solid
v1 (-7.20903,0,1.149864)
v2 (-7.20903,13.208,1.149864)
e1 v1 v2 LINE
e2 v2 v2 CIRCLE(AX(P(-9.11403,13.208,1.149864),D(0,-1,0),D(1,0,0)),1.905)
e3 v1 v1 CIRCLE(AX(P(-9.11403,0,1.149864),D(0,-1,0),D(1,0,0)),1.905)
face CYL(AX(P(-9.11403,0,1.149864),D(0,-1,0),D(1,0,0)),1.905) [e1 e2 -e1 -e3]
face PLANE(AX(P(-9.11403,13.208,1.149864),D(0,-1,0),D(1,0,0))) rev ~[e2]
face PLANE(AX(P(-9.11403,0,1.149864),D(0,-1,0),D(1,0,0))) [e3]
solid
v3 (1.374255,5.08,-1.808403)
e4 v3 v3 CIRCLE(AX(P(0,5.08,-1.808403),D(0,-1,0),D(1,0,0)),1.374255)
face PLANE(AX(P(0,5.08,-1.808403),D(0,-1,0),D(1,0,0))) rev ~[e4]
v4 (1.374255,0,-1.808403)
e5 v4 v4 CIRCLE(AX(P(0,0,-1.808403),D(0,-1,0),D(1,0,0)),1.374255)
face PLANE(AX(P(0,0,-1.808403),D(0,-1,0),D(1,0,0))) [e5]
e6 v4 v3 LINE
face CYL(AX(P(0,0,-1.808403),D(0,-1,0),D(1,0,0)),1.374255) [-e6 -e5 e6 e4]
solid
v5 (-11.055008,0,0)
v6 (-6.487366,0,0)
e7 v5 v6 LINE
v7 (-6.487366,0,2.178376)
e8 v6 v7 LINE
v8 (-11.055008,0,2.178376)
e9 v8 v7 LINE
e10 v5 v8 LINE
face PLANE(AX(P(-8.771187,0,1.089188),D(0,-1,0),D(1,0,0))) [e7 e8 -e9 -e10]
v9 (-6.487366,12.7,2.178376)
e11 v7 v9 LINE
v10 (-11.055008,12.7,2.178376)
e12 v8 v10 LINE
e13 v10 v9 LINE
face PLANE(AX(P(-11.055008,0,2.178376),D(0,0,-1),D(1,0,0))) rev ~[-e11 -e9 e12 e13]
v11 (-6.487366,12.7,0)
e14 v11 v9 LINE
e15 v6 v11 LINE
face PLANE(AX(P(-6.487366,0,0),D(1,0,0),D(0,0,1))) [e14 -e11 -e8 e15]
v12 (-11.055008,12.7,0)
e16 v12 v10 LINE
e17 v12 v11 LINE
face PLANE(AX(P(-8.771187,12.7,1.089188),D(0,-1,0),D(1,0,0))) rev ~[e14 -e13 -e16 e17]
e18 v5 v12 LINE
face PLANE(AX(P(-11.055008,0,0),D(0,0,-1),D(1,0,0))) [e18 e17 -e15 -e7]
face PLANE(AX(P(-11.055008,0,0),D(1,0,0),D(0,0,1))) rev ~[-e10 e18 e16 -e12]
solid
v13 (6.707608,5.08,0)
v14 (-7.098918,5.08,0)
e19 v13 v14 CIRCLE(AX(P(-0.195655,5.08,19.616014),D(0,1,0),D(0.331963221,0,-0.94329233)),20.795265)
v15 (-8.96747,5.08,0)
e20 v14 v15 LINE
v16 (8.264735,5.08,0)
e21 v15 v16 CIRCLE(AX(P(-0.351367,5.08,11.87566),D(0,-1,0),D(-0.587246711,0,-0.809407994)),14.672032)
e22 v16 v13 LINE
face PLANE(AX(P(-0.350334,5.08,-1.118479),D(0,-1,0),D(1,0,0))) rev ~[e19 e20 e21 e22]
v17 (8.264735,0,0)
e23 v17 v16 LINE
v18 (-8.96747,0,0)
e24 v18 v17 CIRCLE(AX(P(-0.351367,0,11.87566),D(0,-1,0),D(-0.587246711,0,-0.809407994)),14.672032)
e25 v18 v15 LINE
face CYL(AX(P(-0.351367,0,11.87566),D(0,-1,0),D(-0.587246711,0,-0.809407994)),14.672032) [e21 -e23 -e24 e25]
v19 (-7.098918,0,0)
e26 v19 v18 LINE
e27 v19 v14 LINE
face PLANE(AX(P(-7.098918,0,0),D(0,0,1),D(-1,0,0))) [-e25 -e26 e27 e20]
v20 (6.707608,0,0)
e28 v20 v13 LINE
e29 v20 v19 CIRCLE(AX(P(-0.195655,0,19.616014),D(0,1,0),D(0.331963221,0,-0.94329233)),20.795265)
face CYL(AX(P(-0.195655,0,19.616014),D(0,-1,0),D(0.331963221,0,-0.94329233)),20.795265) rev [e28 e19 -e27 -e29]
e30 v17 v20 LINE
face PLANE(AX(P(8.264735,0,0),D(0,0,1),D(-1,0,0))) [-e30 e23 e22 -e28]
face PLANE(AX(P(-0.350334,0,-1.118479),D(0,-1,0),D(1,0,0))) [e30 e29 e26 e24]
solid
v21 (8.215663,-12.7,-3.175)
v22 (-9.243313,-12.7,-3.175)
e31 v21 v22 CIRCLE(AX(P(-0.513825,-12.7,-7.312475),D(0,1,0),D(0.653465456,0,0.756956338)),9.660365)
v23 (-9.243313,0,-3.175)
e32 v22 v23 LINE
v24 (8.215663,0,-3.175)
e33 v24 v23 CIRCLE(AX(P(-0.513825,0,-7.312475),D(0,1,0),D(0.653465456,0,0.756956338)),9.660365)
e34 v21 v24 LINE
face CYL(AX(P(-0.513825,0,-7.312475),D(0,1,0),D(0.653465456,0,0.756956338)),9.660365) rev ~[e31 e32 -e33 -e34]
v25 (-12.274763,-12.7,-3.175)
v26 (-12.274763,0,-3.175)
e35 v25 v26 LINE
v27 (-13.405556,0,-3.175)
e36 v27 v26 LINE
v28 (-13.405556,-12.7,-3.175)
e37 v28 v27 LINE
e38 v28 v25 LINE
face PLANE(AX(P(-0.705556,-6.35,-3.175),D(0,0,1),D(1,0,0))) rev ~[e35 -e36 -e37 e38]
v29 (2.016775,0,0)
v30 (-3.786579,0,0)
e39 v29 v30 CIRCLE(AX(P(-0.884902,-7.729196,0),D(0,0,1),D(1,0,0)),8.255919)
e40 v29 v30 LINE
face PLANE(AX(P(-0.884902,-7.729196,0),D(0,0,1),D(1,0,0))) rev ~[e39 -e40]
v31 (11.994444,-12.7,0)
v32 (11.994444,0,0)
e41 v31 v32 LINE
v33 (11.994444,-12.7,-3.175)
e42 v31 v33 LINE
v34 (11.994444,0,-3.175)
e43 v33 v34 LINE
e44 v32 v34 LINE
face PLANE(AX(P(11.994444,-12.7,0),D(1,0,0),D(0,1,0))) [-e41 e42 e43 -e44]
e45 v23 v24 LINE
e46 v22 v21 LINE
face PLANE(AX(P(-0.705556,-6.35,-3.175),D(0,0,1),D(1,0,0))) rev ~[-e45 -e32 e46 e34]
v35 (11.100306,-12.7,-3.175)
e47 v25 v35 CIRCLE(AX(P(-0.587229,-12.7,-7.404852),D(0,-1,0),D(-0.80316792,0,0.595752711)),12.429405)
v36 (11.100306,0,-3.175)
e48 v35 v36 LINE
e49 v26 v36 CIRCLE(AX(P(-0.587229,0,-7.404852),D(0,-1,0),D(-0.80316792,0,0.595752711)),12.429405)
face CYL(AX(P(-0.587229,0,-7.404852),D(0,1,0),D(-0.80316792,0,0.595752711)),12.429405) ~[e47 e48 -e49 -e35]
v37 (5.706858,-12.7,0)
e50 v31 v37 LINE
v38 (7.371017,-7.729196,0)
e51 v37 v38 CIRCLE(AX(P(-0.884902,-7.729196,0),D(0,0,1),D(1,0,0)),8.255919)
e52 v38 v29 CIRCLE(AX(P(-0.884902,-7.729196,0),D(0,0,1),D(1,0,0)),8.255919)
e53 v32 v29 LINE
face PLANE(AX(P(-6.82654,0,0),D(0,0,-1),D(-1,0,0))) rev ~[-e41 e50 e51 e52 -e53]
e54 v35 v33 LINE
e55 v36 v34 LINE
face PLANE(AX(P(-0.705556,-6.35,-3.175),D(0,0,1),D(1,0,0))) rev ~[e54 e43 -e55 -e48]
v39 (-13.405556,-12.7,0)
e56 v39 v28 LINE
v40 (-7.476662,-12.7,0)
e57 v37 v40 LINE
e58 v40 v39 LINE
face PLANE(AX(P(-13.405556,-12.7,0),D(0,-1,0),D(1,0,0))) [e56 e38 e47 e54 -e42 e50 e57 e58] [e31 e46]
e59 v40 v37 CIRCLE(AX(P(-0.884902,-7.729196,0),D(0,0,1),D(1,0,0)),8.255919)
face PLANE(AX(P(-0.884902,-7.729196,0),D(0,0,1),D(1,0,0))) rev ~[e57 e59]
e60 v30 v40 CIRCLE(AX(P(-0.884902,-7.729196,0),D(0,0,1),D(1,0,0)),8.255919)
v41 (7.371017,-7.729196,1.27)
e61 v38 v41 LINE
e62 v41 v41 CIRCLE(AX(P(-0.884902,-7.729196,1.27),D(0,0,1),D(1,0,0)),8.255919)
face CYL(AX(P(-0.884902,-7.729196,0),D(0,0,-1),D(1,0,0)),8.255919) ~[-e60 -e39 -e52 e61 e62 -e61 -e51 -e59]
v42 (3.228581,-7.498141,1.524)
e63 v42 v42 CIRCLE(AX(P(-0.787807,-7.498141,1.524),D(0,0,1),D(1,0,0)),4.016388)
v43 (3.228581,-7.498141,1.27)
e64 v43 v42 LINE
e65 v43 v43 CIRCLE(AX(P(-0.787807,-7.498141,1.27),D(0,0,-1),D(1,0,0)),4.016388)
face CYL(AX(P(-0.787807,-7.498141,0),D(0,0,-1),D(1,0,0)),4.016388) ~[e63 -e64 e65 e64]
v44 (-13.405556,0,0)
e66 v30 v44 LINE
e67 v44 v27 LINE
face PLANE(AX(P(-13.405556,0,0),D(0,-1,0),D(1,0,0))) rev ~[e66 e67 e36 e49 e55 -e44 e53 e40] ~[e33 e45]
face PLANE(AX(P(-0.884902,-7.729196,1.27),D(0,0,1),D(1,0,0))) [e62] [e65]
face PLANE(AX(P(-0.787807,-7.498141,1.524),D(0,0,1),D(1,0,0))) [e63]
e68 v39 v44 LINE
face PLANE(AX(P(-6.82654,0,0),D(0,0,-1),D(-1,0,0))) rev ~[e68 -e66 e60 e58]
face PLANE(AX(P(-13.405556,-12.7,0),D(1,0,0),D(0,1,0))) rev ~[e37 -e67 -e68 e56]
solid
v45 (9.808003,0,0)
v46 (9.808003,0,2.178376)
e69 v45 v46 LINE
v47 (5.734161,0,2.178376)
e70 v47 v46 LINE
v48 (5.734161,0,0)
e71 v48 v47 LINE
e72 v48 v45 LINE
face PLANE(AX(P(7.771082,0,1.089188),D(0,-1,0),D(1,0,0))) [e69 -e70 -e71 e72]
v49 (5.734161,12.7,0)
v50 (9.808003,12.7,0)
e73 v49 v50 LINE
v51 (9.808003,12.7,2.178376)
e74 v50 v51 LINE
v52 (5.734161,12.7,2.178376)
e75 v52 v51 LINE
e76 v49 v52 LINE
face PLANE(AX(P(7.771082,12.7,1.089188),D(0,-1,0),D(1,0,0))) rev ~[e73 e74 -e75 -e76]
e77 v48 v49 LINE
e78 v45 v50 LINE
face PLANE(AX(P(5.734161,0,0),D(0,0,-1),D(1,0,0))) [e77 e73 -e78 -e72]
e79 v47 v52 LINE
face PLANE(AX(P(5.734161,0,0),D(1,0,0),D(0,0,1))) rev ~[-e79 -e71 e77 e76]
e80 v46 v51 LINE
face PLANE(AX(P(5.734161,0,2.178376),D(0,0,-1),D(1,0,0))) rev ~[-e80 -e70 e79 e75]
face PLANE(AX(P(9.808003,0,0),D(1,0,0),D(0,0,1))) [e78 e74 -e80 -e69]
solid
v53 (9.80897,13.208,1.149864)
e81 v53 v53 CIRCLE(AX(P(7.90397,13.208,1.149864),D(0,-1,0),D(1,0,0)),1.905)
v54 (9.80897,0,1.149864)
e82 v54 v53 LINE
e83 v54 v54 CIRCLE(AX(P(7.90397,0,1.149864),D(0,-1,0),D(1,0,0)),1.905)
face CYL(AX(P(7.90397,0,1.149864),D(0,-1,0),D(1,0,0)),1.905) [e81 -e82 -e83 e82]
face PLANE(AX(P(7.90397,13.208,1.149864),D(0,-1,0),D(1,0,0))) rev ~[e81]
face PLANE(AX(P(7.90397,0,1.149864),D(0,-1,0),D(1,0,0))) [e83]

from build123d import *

# Parameters (mm, degrees)
F0_W      = 25.4
F0_H      = 12.7
F1_DEPTH  = 3.175
F3_DEPTH  = 12.7
F4_R      = 8.255919
F5_DEPTH  = 1.27
F6_R      = 4.016388
F7_DEPTH  = 1.524
F8_W      = 4.073842
F8_H      = 2.178376
F8_W_2    = 4.567642
F9_DEPTH  = 12.7
F11_DEPTH = 5.08
F12_R     = 1.905
F13_DEPTH = 13.208
F14_R     = 1.374255
F15_DEPTH = 5.08


with BuildPart() as f1:
    # F0 (on Top) → F1 (new body)
    with BuildSketch(Plane.XY):
        with Locations((-0.705556, -6.35)):
            Rectangle(F0_W, F0_H)
    extrude(amount=-F1_DEPTH)

    # F2 (on Front) → F3 (join)
    with BuildSketch(Plane.XZ):
        with BuildLine():
            Line((-6.82654, 0), (-10.570128, 0))
            ThreePointArc((-10.570128, 0), (-0.587228, -19.834257), (9.395671, 0))
            Line((9.395671, 0), (5.79889, 0))
            ThreePointArc((5.79889, 0), (-0.513825, -16.97284), (-6.82654, 0))
        make_face()
    extrude(amount=F3_DEPTH)

    # F4 (on Top) → F5 (join)
    with BuildSketch(Plane.XY):
        with Locations((-0.884902, -7.729196)):
            Circle(F4_R)
    extrude(amount=F5_DEPTH)

    # F6 (on Top) → F7 (join)
    with BuildSketch(Plane.XY):
        with Locations((-0.787807, -7.498141)):
            Circle(F6_R)
    extrude(amount=F7_DEPTH)


with BuildPart() as f9:
    # F8 (on Front) → F9 (new body)
    with BuildSketch(Plane.XZ):
        with Locations((7.771082, 1.089188)):
            Rectangle(F8_W, F8_H)
        with Locations((-8.771187, 1.089188)):
            Rectangle(F8_W_2, F8_H)
    extrude(amount=-F9_DEPTH)


with BuildPart() as f11:
    # F10 (on Front) → F11 (new body)
    with BuildSketch(Plane.XZ):
        with BuildLine():
            Line((-7.098918, 0), (-8.96747, 0))
            ThreePointArc((-8.96747, 0), (-0.351368, -2.796372), (8.264735, 0))
            Line((8.264735, 0), (6.707608, 0))
            ThreePointArc((6.707608, 0), (-0.195655, -1.179251), (-7.098918, 0))
        make_face()
    extrude(amount=-F11_DEPTH)


with BuildPart() as f13:
    # F12 (on Front) → F13 (new body)
    with BuildSketch(Plane.XZ):
        with Locations((-9.11403, 1.149864)):
            Circle(F12_R)
        with Locations((7.90397, 1.149864)):
            Circle(F12_R)
    extrude(amount=-F13_DEPTH)


with BuildPart() as f15:
    # F14 (on Front) → F15 (new body)
    with BuildSketch(Plane.XZ):
        with Locations((0, -1.808403)):
            Circle(F14_R)
    extrude(amount=-F15_DEPTH)


solid = Compound([f1.part, f9.part, f11.part, f13.part, f15.part])
